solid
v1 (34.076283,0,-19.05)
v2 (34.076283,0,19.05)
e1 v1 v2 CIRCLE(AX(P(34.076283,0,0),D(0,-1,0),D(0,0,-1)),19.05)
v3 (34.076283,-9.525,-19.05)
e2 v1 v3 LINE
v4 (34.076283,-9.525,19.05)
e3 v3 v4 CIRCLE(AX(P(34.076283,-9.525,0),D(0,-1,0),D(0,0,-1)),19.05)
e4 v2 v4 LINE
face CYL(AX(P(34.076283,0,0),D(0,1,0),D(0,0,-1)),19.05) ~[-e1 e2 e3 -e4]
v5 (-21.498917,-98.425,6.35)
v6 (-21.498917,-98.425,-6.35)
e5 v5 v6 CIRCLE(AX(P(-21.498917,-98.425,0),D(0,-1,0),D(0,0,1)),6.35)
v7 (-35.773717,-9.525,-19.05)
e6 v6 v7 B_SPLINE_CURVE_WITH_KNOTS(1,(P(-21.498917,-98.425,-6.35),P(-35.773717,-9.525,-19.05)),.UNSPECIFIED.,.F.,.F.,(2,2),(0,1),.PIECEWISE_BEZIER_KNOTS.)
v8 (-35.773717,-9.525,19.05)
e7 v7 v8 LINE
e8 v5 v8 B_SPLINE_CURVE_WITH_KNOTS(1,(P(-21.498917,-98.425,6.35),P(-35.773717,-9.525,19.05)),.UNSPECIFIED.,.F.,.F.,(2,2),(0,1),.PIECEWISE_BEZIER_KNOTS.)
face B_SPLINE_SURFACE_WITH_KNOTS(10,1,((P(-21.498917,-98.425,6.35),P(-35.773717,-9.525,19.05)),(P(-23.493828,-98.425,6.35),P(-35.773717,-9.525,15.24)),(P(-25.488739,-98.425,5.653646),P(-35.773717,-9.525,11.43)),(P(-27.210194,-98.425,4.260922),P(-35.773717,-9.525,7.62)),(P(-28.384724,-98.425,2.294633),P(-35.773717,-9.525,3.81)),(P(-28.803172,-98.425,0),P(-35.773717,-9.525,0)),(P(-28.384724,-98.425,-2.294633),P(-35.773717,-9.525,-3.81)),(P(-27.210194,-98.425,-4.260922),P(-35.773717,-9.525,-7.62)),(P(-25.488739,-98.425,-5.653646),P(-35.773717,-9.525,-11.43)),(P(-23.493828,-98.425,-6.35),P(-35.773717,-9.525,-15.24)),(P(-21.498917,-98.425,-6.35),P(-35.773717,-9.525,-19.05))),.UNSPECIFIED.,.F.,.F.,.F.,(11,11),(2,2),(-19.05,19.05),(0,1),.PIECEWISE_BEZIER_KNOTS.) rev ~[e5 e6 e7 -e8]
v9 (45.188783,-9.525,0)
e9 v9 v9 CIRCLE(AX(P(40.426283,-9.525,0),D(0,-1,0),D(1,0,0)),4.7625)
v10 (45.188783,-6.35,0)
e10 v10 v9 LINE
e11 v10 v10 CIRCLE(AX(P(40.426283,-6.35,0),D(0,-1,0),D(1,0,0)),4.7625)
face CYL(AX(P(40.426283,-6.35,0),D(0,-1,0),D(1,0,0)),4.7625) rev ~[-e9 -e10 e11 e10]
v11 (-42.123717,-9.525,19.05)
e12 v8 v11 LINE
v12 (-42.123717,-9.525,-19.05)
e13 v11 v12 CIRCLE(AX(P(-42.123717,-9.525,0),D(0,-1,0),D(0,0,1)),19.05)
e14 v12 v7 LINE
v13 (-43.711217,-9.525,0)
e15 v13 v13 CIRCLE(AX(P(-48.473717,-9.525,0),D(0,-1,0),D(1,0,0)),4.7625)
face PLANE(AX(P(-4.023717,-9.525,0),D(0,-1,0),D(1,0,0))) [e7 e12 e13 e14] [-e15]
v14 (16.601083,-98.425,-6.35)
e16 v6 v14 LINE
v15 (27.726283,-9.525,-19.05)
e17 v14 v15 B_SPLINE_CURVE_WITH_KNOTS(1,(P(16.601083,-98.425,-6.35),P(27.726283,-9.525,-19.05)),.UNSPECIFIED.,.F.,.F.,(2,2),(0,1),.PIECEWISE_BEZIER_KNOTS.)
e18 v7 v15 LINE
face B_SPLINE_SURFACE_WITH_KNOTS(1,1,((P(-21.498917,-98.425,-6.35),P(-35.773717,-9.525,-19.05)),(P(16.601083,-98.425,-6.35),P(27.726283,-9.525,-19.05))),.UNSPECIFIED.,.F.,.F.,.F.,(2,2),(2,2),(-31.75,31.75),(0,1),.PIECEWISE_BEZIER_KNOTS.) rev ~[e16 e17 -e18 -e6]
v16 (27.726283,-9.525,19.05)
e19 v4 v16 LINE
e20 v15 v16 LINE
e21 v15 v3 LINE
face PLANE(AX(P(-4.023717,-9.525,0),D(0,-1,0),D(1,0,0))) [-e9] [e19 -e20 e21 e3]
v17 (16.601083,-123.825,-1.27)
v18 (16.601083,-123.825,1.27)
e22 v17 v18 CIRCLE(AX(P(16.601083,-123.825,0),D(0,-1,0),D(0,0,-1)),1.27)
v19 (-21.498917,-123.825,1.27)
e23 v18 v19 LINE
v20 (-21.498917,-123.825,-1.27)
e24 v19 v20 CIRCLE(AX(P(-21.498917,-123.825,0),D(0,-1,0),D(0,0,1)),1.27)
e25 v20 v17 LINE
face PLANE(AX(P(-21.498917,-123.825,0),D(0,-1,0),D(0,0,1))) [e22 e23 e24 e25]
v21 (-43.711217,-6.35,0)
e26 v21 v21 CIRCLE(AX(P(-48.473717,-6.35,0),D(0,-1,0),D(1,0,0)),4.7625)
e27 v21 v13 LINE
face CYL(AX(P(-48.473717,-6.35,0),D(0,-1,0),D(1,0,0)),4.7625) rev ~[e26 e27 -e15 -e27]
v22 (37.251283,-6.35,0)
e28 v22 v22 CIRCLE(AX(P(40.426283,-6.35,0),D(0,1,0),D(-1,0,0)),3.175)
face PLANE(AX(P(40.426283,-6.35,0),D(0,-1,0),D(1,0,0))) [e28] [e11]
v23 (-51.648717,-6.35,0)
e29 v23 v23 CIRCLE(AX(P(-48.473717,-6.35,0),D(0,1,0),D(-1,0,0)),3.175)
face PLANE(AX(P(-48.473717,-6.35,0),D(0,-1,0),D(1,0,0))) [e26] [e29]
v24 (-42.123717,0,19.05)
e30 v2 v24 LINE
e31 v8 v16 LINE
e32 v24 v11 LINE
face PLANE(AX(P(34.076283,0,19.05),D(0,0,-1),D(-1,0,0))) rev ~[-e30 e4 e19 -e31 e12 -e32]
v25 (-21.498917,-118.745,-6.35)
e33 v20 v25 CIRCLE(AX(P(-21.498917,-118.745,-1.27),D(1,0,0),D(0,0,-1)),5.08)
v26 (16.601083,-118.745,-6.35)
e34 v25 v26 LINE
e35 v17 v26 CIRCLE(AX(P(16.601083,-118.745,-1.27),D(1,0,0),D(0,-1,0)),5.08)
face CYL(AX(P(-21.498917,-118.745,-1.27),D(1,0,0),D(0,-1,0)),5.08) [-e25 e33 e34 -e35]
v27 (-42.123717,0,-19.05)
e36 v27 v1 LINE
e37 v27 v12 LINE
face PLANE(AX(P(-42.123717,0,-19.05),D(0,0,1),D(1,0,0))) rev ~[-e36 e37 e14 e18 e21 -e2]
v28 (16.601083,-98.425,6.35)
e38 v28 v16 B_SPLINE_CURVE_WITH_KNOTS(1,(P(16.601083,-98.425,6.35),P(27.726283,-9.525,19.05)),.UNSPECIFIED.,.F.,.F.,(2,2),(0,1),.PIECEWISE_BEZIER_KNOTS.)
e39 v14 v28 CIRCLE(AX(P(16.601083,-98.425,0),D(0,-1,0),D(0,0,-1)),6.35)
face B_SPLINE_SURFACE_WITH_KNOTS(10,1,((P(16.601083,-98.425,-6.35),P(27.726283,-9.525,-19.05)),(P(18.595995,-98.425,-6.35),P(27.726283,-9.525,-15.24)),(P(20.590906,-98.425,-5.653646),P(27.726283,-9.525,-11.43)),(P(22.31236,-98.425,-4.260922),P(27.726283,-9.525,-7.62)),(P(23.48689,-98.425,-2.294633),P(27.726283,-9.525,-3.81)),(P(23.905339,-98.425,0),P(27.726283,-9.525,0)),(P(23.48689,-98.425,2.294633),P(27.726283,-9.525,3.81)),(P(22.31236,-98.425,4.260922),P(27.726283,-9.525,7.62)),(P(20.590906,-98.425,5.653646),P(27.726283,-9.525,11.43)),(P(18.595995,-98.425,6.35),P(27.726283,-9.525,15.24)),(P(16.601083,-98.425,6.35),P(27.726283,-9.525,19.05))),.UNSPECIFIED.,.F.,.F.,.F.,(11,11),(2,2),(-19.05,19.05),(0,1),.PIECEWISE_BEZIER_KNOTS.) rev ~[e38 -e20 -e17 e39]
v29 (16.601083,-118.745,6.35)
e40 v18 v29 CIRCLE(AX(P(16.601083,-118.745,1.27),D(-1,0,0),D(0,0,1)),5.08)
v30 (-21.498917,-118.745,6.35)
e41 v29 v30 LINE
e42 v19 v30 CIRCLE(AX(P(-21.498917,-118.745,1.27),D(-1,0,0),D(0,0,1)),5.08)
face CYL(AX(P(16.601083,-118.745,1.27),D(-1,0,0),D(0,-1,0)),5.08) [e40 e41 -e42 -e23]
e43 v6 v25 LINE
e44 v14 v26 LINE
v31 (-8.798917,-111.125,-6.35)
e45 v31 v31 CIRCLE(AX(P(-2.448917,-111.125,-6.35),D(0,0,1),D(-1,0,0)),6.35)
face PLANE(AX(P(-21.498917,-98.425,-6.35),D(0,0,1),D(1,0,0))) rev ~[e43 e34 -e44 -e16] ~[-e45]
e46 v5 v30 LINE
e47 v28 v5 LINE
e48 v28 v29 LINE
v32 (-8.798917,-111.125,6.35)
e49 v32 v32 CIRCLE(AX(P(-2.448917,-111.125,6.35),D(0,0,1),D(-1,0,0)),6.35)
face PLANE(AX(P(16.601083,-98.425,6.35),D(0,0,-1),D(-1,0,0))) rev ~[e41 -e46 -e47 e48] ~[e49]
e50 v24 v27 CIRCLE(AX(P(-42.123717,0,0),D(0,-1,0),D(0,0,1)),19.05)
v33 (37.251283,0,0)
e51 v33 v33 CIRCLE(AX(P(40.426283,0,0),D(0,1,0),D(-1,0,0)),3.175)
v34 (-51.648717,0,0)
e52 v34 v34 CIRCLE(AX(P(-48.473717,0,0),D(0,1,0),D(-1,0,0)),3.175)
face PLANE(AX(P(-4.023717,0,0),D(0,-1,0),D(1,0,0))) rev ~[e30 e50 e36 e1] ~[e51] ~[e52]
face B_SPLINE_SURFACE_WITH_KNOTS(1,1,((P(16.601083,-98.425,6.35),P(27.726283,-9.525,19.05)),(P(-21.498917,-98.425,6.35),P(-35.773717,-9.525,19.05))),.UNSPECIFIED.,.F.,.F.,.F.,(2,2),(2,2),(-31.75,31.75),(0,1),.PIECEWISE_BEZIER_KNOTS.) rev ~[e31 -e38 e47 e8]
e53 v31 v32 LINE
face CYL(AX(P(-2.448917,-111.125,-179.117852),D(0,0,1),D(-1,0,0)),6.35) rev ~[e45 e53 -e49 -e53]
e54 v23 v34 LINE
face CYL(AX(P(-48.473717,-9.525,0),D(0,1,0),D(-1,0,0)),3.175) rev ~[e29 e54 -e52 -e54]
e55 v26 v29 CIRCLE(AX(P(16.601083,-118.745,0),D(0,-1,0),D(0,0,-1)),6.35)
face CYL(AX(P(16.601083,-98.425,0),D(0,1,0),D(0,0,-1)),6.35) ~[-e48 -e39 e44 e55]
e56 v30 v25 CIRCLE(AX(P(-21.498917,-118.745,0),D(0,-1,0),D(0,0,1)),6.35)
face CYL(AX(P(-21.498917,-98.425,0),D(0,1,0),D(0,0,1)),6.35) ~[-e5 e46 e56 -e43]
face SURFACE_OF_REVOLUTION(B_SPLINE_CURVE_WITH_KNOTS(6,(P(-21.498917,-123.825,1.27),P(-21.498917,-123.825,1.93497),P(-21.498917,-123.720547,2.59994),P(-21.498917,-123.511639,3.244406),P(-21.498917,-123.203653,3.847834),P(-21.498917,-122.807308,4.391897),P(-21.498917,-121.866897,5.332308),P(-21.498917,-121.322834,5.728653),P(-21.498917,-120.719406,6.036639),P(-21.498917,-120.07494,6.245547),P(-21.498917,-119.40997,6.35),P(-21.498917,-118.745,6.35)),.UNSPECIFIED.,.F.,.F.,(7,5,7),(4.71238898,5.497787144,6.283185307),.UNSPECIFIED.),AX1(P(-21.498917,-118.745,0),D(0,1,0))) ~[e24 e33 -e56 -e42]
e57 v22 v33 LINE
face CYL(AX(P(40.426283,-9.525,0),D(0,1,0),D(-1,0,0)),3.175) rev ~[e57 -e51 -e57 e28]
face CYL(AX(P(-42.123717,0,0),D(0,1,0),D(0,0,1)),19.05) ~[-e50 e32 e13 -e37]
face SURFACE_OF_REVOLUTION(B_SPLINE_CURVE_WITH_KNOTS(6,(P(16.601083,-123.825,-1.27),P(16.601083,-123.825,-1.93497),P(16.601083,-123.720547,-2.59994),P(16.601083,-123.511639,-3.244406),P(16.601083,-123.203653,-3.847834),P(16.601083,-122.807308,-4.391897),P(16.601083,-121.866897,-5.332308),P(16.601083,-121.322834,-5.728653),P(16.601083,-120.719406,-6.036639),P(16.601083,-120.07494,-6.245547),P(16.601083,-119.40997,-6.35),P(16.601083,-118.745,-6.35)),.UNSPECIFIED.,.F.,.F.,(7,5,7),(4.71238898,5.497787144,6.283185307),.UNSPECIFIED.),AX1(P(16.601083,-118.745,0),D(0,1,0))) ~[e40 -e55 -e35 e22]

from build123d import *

# Parameters (mm, degrees)
F1_DEPTH       = 9.525
F3_D           = 6.35
F3_CBORE_D     = 9.525
F3_CBORE_DEPTH = 3.175
F4_W           = 63.5
F4_H           = 38.1
F8_DEPTH       = 25.4
F10_D          = 12.7
F11_R          = 5.08


with BuildPart() as f1:
    # F0 (on Front) → F1 (new body)
    with BuildSketch(Plane.XZ):
        with BuildLine():
            Line((34.0762832165, 19.05), (-42.1237167835, 19.05))
            ThreePointArc((-42.1237167835, 19.05), (-61.1737167835, 0), (-42.1237167835, -19.05))
            Line((-42.1237167835, -19.05), (34.0762832165, -19.05))
            ThreePointArc((34.0762832165, -19.05), (53.1262832165, 0), (34.0762832165, 19.05))
        make_face()
    extrude(amount=F1_DEPTH)

    # F3 (through all)
    with Locations(Plane.XZ.offset(9.525)):
        with Locations((-48.4737167835, 0), (40.4262832165, 0)):
            CounterBoreHole(F3_D / 2, F3_CBORE_D / 2, F3_CBORE_DEPTH)

    # F6 (on offset) → F7 section 0
    with BuildSketch(Plane.XZ.offset(98.425)):
        with BuildLine():
            Line((16.6010832165, 6.35), (-21.4989167835, 6.35))
            ThreePointArc((-21.4989167835, 6.35), (-27.8489167835, 0), (-21.4989167835, -6.35))
            Line((-21.4989167835, -6.35), (16.6010832165, -6.35))
            ThreePointArc((16.6010832165, -6.35), (22.9510832165, 0), (16.6010832165, 6.35))
        make_face()
    # F4 (on face) → F7 section 1
    with BuildSketch(Plane.XZ.offset(9.525)):
        with Locations((-4.0237167835, 0)):
            Rectangle(F4_W, F4_H)
    loft()

    # F8 (add): a face of the model
    f8_faces = [f1.faces().sort_by_distance(p)[0] for p in [
        (-2.4489167835, -98.425, 0),
    ]]
    extrude(f8_faces, amount=F8_DEPTH)

    # F10 (through all)
    with Locations(Plane(origin=(0, 0, -6.35), x_dir=(1, 0, 0), z_dir=(0, 0, -1))):
        with Locations((-2.4489167835, 111.125)):
            Hole(F10_D / 2)

    # F11
    f11_edges = [f1.edges().sort_by_distance(p)[0] for p in [
        (-27.848917, -123.825, 0),
        (22.951083, -123.825, 0),
        (-2.448917, -123.825, -6.35),
        (-2.448917, -123.825, 6.35),
    ]]
    fillet(f11_edges, radius=F11_R)


solid = f1.part
